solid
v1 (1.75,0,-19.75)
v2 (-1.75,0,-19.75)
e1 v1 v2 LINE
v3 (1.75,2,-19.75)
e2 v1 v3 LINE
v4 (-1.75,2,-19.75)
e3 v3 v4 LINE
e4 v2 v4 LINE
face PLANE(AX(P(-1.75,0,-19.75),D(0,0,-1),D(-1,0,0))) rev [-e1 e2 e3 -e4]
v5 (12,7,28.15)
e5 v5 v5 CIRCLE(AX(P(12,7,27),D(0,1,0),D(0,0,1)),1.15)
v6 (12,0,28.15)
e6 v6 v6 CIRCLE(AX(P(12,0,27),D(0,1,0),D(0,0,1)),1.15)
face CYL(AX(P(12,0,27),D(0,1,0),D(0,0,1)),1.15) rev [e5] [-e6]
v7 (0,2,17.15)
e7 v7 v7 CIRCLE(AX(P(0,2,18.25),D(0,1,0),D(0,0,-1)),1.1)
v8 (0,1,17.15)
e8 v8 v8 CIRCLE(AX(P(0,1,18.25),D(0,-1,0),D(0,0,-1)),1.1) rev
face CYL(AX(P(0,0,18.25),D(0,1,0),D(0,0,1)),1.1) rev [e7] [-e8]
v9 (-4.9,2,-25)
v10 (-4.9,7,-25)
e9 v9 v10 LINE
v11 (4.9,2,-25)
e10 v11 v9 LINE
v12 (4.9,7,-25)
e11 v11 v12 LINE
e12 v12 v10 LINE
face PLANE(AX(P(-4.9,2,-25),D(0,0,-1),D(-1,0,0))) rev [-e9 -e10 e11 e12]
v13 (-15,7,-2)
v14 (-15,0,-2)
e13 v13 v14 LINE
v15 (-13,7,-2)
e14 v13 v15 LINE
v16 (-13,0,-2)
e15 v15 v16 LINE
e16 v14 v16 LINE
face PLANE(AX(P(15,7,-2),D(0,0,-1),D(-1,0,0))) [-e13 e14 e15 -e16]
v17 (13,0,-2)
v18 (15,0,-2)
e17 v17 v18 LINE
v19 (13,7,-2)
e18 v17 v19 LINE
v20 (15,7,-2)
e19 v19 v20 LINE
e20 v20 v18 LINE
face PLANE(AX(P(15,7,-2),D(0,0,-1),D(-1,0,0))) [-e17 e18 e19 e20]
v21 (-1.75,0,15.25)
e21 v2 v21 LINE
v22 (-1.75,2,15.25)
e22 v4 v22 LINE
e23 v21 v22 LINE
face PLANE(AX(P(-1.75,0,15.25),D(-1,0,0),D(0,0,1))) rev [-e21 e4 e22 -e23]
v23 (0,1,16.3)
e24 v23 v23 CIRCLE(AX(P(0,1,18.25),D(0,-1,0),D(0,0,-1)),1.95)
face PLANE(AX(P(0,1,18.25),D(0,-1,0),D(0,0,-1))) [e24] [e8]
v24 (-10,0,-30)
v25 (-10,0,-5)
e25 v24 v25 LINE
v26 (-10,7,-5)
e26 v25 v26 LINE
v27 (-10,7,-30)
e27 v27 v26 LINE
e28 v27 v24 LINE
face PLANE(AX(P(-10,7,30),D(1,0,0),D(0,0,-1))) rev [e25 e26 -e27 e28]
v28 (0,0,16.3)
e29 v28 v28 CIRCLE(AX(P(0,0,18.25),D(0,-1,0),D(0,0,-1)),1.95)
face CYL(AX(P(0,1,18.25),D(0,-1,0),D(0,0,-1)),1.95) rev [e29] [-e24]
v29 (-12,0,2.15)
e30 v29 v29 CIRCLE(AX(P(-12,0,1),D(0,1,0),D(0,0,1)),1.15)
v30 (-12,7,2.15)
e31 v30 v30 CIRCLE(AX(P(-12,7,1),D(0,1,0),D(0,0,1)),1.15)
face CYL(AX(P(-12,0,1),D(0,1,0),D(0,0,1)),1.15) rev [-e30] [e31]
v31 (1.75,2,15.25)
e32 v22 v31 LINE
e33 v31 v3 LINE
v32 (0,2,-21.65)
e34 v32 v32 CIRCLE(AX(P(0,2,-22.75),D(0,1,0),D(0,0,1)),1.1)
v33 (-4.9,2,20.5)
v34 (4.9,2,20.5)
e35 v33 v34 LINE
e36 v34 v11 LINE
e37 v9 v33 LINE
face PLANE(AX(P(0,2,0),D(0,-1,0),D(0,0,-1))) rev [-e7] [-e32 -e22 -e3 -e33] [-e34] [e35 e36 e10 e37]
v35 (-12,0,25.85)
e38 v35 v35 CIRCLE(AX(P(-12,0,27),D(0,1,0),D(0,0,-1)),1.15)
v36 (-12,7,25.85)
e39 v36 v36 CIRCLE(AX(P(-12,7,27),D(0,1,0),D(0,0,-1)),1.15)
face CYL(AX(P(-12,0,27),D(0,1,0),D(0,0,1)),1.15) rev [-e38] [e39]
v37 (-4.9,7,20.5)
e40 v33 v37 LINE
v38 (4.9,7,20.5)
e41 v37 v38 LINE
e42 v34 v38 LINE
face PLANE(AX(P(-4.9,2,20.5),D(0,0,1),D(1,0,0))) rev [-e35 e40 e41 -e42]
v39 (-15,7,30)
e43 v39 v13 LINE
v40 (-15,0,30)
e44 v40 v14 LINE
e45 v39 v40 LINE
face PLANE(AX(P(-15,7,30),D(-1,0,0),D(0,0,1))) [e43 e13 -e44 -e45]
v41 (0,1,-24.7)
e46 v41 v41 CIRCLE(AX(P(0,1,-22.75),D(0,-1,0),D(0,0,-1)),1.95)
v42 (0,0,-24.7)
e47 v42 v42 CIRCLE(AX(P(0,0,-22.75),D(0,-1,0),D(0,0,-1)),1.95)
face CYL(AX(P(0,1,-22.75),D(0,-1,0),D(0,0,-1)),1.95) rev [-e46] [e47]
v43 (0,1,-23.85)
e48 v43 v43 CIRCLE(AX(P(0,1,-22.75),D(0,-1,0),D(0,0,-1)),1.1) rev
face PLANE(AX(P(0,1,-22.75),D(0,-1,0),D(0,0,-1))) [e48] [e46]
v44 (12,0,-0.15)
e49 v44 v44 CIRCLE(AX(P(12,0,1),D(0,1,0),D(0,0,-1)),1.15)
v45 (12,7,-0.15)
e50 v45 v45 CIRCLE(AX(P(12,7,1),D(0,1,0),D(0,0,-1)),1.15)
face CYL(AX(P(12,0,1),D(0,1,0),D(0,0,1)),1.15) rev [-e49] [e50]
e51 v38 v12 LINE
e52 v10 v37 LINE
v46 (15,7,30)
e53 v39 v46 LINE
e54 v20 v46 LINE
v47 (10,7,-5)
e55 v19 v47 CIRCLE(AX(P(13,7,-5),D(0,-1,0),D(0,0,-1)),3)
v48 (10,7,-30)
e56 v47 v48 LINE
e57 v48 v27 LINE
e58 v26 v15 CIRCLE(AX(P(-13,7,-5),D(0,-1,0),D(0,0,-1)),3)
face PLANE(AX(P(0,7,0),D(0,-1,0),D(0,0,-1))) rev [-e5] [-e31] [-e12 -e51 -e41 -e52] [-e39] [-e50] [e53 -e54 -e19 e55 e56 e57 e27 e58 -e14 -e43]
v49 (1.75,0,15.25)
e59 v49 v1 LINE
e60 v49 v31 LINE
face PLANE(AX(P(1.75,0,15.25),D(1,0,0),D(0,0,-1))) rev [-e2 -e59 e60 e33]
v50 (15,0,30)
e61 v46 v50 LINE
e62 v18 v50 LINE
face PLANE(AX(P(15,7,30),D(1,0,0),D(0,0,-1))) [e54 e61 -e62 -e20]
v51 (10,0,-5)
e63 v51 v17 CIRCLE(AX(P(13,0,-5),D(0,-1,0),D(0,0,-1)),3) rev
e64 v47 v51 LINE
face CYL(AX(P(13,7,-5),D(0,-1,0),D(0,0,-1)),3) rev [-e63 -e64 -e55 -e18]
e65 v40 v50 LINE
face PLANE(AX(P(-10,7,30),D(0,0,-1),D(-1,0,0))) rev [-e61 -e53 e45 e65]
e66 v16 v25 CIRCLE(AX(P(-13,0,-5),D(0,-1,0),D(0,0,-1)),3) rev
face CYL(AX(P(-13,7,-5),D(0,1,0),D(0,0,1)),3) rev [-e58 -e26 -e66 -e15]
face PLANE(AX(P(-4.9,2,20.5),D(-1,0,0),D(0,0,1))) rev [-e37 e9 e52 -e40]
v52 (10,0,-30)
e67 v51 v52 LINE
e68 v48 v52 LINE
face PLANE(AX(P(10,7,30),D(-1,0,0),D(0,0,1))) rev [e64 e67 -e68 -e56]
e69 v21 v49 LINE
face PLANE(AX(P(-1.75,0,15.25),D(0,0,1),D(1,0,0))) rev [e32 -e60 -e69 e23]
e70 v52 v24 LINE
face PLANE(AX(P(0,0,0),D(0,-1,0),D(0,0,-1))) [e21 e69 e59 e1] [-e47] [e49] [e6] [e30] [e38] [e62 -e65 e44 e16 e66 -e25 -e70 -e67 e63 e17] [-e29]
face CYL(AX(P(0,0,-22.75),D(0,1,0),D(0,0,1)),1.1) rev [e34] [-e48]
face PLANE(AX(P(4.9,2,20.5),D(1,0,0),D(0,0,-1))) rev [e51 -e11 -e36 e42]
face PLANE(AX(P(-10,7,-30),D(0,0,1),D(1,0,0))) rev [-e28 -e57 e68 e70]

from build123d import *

# Parameters (mm, degrees)
SKETCH_1_W          = 20
SKETCH_1_H          = 60
EXTRUDE_1_DEPTH     = 7
SKETCH_4_W          = 30
SKETCH_4_H          = 32
EXTRUDE_2_DEPTH     = 7
SKETCH_3_W          = 9.8
SKETCH_3_H          = 45.5
CUT_EXTRUDE_1_DEPTH = 5
SKETCH_5_W          = 3.5
SKETCH_5_H          = 35
CUT_EXTRUDE_2_DEPTH = 34.911649916
SKETCH_6_R          = 1.1
CUT_EXTRUDE_3_DEPTH = 34.911649916
SKETCH_7_R          = 1.15
CUT_EXTRUDE_4_DEPTH = 35.263683398
FILLET_1_R          = 3
SKETCH_8_R          = 1.95
CUT_EXTRUDE_5_DEPTH = 1


with BuildPart() as part:
    # 草图1 → 凸台-拉伸1 (new body)
    with BuildSketch(Plane(origin=(0, 0, 0), x_dir=(1, 0, 0), z_dir=(0, 1, 0))):
        Rectangle(SKETCH_1_W, SKETCH_1_H)
    extrude(amount=EXTRUDE_1_DEPTH)

    # 草图4 → 凸台-拉伸2 (add)
    with BuildSketch(Plane.XZ):
        with Locations((0, 14)):
            Rectangle(SKETCH_4_W, SKETCH_4_H)
    extrude(amount=-EXTRUDE_2_DEPTH)

    # 草图3 → 切除-拉伸1 (cut)
    with BuildSketch(Plane(origin=(0, 7, 0), x_dir=(1, 0, 0), z_dir=(0, 1, 0))):
        with Locations((0, 2.25)):
            Rectangle(SKETCH_3_W, SKETCH_3_H)
    extrude(amount=-CUT_EXTRUDE_1_DEPTH, mode=Mode.SUBTRACT)

    # 草图5 → 切除-拉伸2 (cut, through all)
    with BuildSketch(Plane(origin=(0, 2, 0), x_dir=(1, 0, 0), z_dir=(0, 1, 0))):
        with Locations((0, 2.25)):
            Rectangle(SKETCH_5_W, SKETCH_5_H)
    extrude(amount=-CUT_EXTRUDE_2_DEPTH, mode=Mode.SUBTRACT)

    # 草图6 → 切除-拉伸3 (cut, through all)
    with BuildSketch(Plane(origin=(0, 2, 0), x_dir=(1, 0, 0), z_dir=(0, 1, 0))):
        with Locations(Location((0, 22.75, 0), (0, 0, 270))):
            Circle(SKETCH_6_R)
        with Locations(Location((0, -18.25, 0), (0, 0, 90))):
            Circle(SKETCH_6_R)
    extrude(amount=-CUT_EXTRUDE_3_DEPTH, mode=Mode.SUBTRACT)

    # 草图7 → 切除-拉伸4 (cut, through all)
    with BuildSketch(Plane(origin=(0, 7, 0), x_dir=(1, 0, 0), z_dir=(0, 1, 0))):
        with Locations(Location((-12, -1, 0), (0, 0, 270))):
            Circle(SKETCH_7_R)
        with Locations(Location((12, -1, 0), (0, 0, 90))):
            Circle(SKETCH_7_R)
        with Locations(Location((12, -27, 0), (0, 0, 270))):
            Circle(SKETCH_7_R)
        with Locations(Location((-12, -27, 0), (0, 0, 90))):
            Circle(SKETCH_7_R)
    extrude(amount=-CUT_EXTRUDE_4_DEPTH, mode=Mode.SUBTRACT)

    # 圆角1
    fillet_1_edges = [part.edges().sort_by_distance(p)[0] for p in [
        (10, 3.5, -2),
        (-10, 3.5, -2),
    ]]
    fillet(fillet_1_edges, radius=FILLET_1_R)

    # 草图8 → 切除-拉伸5 (cut)
    with BuildSketch(Plane.XZ):
        with Locations(Location((0, 18.25, 0), (0, 0, 270))):
            Circle(SKETCH_8_R)
        with Locations(Location((0, -22.75, 0), (0, 0, 270))):
            Circle(SKETCH_8_R)
    extrude(amount=-CUT_EXTRUDE_5_DEPTH, mode=Mode.SUBTRACT)


solid = part.part
